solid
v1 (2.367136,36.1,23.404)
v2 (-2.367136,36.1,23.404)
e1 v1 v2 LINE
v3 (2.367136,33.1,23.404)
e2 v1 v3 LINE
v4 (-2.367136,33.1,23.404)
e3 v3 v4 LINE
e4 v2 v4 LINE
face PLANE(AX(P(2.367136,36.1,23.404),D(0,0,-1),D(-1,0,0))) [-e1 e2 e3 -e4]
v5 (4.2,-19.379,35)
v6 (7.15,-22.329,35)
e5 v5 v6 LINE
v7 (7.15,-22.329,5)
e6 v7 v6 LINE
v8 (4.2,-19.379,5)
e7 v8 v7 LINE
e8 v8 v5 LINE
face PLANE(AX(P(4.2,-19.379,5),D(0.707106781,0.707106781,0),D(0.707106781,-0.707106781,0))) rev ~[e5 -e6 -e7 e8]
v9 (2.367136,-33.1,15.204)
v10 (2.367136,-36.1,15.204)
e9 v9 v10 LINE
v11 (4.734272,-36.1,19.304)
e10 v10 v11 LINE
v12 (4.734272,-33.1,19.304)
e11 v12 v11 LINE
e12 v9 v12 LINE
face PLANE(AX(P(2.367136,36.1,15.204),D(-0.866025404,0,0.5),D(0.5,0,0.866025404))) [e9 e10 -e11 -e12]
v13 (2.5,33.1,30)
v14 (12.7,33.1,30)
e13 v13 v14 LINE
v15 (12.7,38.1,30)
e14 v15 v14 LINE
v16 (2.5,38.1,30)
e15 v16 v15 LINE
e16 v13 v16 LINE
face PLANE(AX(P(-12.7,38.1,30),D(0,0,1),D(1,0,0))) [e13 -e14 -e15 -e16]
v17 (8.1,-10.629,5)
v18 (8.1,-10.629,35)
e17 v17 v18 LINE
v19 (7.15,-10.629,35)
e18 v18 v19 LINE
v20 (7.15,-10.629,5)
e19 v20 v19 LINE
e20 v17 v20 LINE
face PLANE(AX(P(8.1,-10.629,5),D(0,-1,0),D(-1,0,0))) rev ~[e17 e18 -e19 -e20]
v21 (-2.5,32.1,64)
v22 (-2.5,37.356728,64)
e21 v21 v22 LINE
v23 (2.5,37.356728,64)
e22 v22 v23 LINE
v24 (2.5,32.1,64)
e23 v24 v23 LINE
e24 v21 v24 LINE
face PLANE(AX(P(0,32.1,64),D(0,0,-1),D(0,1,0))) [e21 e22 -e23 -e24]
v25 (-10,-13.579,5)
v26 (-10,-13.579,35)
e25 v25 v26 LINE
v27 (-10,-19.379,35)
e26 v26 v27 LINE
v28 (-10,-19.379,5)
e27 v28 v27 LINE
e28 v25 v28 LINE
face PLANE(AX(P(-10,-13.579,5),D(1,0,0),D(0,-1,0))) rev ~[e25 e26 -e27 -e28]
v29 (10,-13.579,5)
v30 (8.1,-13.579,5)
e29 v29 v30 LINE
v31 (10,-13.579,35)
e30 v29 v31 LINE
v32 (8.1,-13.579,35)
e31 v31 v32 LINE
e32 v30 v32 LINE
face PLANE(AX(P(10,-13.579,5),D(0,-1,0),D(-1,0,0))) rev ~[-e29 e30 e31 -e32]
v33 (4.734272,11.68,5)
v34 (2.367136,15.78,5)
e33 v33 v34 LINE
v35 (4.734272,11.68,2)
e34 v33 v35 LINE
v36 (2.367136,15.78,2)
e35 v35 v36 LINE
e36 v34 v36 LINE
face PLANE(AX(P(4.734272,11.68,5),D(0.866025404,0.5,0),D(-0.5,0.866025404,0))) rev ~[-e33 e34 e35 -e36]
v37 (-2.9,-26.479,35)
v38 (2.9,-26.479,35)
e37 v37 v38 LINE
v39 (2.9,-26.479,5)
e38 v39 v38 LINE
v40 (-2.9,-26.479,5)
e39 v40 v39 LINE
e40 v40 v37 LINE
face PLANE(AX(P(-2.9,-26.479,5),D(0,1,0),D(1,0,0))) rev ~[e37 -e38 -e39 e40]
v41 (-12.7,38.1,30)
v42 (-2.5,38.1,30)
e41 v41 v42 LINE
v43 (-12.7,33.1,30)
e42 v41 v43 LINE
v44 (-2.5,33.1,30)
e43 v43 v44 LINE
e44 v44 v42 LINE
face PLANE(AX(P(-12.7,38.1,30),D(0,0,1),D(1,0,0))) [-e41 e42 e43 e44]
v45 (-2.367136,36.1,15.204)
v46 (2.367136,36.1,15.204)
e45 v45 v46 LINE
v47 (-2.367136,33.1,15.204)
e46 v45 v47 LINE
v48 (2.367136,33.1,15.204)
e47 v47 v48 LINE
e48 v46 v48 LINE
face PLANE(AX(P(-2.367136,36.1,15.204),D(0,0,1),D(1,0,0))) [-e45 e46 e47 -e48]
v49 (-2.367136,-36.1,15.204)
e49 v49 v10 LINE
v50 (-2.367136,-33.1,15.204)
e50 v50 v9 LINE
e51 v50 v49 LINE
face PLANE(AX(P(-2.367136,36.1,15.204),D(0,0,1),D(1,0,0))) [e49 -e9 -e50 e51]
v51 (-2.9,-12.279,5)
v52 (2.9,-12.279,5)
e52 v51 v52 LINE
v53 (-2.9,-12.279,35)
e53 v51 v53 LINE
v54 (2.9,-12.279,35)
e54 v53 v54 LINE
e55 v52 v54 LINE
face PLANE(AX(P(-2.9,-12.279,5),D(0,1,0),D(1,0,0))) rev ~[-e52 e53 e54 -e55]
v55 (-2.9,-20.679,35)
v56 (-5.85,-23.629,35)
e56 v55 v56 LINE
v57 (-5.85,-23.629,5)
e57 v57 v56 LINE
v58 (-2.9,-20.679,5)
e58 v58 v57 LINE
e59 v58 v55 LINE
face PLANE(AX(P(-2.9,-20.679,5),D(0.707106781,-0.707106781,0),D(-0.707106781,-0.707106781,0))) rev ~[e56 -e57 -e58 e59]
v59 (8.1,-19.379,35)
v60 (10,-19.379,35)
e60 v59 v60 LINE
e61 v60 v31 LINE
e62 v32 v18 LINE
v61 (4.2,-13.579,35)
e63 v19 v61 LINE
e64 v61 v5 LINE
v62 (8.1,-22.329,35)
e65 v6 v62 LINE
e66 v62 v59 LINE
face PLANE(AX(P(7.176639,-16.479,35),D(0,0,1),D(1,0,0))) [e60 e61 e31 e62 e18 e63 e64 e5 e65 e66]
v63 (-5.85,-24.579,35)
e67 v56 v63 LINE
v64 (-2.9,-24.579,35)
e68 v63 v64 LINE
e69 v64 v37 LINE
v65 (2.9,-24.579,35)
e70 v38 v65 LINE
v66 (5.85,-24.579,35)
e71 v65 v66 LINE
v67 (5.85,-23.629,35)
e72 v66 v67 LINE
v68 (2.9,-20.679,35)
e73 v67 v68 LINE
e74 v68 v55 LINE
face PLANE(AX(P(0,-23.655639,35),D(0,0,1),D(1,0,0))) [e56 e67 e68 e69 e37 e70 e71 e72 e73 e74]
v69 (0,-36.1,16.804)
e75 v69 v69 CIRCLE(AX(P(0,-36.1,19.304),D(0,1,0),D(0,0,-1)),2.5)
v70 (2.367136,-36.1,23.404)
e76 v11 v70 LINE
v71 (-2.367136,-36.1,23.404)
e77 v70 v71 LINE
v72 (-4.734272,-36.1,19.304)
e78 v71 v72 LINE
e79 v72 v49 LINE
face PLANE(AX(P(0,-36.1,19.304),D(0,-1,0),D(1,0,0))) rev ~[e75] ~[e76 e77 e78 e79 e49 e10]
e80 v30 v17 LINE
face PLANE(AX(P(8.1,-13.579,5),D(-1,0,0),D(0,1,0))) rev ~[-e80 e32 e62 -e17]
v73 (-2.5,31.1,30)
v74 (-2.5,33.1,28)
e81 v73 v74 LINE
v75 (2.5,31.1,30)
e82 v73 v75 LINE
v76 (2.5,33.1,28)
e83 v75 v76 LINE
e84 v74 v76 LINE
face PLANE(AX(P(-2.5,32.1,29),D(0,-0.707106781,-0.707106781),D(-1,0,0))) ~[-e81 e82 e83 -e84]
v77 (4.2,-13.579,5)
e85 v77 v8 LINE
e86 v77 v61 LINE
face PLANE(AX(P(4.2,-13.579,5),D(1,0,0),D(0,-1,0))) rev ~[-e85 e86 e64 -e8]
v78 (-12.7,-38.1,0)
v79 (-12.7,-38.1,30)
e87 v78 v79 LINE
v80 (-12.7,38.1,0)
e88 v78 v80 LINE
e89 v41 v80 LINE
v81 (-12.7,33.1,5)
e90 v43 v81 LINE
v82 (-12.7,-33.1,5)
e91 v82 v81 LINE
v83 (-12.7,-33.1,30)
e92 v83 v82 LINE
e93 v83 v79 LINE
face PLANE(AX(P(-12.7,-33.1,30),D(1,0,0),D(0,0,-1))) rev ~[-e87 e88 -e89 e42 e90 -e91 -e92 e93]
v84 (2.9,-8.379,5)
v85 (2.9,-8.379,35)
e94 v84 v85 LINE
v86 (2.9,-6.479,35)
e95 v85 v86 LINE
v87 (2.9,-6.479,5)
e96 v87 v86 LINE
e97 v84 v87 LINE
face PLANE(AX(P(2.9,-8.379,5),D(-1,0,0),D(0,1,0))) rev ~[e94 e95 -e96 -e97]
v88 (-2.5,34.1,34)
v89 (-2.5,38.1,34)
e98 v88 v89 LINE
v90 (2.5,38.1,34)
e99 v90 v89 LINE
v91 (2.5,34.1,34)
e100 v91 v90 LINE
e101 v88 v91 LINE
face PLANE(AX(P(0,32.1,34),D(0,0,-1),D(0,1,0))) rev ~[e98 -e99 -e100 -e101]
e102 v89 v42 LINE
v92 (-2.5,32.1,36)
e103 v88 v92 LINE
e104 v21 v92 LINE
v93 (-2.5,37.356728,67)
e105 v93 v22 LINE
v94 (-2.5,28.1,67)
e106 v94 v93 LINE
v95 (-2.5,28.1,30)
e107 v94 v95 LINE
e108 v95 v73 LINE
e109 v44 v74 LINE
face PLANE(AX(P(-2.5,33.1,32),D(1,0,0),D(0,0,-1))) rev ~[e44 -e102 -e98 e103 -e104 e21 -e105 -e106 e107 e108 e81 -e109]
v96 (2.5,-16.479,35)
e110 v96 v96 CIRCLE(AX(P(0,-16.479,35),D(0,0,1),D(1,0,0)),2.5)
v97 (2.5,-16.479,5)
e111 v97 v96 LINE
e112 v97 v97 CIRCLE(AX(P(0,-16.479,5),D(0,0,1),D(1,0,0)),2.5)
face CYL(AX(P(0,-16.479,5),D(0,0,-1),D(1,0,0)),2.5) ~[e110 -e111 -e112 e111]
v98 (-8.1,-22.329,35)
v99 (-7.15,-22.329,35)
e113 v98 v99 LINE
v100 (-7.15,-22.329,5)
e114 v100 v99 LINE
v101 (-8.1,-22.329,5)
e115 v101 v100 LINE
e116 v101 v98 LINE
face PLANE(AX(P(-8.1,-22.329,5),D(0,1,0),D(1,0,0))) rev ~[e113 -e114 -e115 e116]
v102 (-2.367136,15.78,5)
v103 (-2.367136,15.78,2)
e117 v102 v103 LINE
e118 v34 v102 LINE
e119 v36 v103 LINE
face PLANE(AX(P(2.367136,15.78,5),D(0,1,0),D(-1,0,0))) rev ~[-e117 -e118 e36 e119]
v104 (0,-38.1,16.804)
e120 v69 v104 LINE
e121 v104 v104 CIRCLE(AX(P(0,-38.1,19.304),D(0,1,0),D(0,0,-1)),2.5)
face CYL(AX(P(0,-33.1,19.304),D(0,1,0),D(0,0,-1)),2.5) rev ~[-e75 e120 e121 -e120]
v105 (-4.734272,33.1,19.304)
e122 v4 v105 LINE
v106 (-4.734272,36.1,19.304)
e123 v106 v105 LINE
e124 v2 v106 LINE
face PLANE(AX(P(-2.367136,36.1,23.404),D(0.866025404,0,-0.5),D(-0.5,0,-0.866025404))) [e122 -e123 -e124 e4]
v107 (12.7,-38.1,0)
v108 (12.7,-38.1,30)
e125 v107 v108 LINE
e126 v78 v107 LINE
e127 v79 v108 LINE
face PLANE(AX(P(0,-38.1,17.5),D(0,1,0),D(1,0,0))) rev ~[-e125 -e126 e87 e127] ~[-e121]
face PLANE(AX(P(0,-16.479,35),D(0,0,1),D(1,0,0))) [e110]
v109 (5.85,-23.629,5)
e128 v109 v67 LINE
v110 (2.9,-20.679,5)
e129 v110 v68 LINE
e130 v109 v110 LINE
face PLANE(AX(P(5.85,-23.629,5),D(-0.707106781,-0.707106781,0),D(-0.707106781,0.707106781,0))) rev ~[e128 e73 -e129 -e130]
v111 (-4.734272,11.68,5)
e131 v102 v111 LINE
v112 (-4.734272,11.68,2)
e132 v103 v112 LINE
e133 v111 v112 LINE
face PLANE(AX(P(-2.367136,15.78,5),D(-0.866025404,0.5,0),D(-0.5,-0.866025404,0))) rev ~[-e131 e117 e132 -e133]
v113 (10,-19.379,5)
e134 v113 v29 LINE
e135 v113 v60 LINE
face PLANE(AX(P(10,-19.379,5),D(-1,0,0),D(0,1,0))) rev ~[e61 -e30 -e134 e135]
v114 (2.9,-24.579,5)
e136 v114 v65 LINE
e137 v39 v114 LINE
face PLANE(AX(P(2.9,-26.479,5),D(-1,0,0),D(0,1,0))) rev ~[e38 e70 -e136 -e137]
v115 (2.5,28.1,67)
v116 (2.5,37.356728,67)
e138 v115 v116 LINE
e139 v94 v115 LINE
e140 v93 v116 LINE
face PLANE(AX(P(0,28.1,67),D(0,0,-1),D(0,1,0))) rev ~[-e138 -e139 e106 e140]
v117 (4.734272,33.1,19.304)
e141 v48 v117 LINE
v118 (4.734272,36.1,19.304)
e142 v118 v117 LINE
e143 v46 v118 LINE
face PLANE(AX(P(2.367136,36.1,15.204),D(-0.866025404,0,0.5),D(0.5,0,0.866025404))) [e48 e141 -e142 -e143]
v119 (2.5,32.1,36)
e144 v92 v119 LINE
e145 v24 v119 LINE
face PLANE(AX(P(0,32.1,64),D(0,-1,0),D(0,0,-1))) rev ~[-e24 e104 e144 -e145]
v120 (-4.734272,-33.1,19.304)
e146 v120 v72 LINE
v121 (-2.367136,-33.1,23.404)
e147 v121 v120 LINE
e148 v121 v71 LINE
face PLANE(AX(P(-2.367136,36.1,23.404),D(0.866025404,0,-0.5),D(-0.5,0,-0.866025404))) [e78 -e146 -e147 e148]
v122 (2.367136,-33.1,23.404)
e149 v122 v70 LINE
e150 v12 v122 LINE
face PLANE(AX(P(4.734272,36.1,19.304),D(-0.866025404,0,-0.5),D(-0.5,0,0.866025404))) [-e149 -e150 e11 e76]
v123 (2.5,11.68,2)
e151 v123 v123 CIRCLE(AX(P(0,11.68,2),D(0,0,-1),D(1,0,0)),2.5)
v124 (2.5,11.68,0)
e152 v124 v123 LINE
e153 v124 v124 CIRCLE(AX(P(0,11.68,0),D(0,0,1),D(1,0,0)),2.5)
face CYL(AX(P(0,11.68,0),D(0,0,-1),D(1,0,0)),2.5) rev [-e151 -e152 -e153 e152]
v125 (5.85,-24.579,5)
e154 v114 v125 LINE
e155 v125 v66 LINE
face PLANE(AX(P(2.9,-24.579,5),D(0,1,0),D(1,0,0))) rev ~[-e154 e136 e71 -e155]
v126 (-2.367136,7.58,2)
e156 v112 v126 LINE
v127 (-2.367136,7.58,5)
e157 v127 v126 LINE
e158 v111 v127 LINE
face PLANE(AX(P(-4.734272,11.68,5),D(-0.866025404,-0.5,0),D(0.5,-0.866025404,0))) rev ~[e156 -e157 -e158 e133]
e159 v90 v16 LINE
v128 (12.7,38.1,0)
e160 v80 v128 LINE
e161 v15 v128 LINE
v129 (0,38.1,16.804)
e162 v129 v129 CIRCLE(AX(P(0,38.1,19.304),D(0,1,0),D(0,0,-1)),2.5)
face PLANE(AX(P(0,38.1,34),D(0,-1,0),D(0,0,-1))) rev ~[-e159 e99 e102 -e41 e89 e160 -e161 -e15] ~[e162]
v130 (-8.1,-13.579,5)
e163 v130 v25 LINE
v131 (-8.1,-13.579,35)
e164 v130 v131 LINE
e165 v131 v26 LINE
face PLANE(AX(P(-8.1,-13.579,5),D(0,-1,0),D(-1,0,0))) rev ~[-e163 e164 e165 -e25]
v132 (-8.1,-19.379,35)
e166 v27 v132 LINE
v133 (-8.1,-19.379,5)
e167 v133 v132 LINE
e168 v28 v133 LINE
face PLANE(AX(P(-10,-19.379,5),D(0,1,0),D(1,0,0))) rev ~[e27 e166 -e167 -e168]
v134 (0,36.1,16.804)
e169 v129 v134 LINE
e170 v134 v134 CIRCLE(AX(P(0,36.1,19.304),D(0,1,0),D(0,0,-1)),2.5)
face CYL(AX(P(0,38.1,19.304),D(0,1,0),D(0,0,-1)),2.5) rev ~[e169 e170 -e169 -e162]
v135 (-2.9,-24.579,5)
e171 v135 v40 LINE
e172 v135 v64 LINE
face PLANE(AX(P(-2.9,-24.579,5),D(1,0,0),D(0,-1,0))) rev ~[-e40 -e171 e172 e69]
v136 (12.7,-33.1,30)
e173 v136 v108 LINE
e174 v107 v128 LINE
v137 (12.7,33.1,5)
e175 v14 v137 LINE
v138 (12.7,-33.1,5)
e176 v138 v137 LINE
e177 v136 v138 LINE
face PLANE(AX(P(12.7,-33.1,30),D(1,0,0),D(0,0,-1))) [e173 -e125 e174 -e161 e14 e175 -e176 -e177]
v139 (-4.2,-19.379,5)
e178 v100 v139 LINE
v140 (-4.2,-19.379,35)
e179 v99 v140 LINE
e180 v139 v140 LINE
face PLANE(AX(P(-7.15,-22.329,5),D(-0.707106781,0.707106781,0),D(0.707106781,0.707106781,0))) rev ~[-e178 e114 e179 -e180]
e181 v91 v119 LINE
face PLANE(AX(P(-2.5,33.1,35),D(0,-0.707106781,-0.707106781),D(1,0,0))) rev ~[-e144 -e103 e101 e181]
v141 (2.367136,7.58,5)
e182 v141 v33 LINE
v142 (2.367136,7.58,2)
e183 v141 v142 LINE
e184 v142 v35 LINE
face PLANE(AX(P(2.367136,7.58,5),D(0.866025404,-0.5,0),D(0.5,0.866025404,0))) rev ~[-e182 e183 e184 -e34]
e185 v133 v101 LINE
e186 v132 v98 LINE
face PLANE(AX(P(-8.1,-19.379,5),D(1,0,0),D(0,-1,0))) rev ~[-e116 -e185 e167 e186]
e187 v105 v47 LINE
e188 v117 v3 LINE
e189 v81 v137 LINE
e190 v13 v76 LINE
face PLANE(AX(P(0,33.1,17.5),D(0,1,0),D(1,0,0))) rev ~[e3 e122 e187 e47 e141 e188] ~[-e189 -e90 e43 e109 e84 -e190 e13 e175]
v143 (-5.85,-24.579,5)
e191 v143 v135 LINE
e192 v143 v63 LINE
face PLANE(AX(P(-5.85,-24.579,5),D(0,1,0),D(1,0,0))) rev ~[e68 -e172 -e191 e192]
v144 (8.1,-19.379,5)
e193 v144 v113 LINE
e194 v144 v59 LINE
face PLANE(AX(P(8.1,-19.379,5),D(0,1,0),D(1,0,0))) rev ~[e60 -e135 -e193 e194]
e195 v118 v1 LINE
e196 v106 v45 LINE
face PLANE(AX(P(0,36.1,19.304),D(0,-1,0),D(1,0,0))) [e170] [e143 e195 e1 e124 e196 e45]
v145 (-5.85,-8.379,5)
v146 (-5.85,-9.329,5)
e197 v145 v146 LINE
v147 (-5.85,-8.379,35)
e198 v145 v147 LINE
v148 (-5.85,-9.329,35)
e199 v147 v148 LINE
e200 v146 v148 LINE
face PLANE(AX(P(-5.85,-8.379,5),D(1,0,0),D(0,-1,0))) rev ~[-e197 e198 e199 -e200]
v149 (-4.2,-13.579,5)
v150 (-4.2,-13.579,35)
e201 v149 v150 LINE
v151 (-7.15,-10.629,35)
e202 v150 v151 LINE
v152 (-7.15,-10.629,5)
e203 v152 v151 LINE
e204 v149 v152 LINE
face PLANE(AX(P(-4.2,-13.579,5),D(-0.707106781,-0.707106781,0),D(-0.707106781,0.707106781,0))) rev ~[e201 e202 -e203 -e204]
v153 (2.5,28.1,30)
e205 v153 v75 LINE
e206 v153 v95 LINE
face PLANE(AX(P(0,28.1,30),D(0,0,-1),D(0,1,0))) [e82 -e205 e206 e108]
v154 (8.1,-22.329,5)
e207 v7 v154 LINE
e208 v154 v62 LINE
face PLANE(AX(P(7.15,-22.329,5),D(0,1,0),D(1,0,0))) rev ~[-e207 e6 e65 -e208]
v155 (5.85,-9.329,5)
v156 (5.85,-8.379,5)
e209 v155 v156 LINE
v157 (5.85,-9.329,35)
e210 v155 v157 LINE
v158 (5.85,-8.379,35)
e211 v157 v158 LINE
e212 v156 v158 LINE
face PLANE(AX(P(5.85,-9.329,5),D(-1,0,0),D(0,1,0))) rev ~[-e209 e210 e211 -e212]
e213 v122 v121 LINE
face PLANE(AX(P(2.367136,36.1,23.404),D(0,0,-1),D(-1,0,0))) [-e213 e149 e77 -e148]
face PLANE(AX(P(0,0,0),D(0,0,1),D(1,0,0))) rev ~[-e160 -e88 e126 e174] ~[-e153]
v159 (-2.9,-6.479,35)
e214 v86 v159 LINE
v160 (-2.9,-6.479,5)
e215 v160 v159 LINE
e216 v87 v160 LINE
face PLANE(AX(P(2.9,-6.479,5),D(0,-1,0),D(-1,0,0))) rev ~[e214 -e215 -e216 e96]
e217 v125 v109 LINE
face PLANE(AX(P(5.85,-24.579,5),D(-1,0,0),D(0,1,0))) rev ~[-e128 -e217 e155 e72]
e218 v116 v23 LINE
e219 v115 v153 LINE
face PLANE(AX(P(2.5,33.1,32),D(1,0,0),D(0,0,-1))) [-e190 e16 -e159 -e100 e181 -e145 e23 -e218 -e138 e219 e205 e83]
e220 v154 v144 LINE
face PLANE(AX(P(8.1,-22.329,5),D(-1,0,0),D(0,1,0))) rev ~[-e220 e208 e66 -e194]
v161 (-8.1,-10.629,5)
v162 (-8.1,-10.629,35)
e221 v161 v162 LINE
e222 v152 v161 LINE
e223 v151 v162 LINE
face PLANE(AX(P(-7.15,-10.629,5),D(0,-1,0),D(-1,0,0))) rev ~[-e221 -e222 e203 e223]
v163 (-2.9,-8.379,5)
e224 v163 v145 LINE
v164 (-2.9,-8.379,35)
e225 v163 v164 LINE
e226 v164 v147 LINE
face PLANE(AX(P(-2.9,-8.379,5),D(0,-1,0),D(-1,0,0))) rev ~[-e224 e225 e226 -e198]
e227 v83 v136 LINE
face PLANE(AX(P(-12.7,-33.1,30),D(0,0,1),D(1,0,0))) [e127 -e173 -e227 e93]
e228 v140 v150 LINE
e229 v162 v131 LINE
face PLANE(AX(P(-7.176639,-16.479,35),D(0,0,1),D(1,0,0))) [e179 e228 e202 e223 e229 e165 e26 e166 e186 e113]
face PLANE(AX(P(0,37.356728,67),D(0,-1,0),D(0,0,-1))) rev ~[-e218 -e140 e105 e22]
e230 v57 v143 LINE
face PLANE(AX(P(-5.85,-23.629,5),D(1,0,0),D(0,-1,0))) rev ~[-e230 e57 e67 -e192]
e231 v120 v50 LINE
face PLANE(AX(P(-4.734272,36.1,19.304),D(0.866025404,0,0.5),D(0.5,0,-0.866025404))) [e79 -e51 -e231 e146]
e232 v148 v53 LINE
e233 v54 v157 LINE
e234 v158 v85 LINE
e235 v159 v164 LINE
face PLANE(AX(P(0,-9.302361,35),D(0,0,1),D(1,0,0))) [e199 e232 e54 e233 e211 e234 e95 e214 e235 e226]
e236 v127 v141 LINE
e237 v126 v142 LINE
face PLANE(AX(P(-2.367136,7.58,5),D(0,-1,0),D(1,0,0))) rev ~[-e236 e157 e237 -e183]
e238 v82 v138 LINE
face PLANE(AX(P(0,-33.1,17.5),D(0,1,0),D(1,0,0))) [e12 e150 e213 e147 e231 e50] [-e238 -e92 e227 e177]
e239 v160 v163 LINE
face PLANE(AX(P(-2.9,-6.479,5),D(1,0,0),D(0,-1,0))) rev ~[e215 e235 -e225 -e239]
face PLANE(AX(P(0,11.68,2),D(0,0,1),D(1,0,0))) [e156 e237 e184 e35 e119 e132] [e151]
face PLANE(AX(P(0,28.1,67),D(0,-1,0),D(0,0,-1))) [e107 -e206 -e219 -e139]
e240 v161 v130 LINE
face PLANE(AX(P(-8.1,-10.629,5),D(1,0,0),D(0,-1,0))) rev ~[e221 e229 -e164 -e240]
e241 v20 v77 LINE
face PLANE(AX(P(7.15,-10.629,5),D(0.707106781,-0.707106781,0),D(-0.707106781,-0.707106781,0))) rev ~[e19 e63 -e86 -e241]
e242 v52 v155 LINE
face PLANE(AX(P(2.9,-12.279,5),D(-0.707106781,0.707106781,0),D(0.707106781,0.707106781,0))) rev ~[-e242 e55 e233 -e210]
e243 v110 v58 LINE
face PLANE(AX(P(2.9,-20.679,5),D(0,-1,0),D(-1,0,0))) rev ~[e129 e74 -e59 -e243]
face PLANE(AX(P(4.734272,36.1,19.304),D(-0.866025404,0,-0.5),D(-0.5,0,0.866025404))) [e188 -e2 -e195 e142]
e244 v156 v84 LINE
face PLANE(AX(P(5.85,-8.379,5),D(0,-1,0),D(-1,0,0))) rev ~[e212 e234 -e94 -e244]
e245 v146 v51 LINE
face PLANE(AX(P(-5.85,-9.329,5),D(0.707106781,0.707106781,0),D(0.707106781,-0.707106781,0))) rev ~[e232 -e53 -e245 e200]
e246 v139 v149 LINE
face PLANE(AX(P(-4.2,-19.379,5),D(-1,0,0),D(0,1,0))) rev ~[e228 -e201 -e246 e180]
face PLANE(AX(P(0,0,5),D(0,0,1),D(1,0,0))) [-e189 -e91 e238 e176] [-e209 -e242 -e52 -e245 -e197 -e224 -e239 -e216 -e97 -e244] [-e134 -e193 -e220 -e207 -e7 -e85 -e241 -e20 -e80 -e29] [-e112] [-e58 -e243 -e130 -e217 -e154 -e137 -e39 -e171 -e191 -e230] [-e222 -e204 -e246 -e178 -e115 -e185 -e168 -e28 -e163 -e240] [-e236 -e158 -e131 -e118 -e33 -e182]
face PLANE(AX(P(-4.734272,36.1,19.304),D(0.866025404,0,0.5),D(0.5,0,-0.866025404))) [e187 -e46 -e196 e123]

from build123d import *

# Parameters (mm, degrees)
SKETCH1_W           = 25.4
SKETCH1_H           = 76.2
SKETCH1_R           = 2.5
BOSS_EXTRUDE1_DEPTH = 5
BOSS_EXTRUDE2_START = 38.1
SKETCH3_W           = 25.4
SKETCH3_H           = 25
SKETCH3_R           = 2.5
BOSS_EXTRUDE2_DEPTH = 5
BOSS_EXTRUDE3_START = -33.1
SKETCH3_5_W         = 25.4
SKETCH3_5_H         = 25
SKETCH3_5_R         = 2.5
BOSS_EXTRUDE3_DEPTH = 5
CUT_EXTRUDE1_START  = -3
CUT_EXTRUDE1_DEPTH  = 72.2
SKETCH5_R           = 2.5
BOSS_EXTRUDE4_DEPTH = 30
CUT_EXTRUDE2_DEPTH  = 3
SKETCH7_W           = 4
SKETCH7_H           = 10
SKETCH7_W_2         = 30
SKETCH7_H_2         = 4
SKETCH7_W_3         = 3
SKETCH7_H_3         = 9.256727868
BOSS_EXTRUDE5_DEPTH = 2.5
CHAMFER1_SIZE       = 2


with BuildPart() as part:
    # Sketch1 → Boss-Extrude1 (new body)
    with BuildSketch(Plane.XY):
        Rectangle(SKETCH1_W, SKETCH1_H)
        with Locations((0, 11.68)):
            Circle(SKETCH1_R, mode=Mode.SUBTRACT)
    extrude(amount=BOSS_EXTRUDE1_DEPTH)

    # Sketch3 → Boss-Extrude2 (add)
    with BuildSketch(Plane(origin=(0, 0, 0), x_dir=(1, 0, 0), z_dir=(0, 1, 0)).offset(BOSS_EXTRUDE2_START)):
        with Locations((0, -17.5)):
            Rectangle(SKETCH3_W, SKETCH3_H)
        with Locations(Location((0, -19.304, 0), (0, 0, 90))):
            Circle(SKETCH3_R, mode=Mode.SUBTRACT)
    extrude(amount=-BOSS_EXTRUDE2_DEPTH)

    # Sketch3<5> → Boss-Extrude3 (add)
    with BuildSketch(Plane(origin=(0, 0, 0), x_dir=(1, 0, 0), z_dir=(0, 1, 0)).offset(BOSS_EXTRUDE3_START)):
        with Locations((0, -17.5)):
            Rectangle(SKETCH3_5_W, SKETCH3_5_H)
        with Locations(Location((0, -19.304, 0), (0, 0, 90))):
            Circle(SKETCH3_5_R, mode=Mode.SUBTRACT)
    extrude(amount=-BOSS_EXTRUDE3_DEPTH)

    # Sketch4 → Cut-Extrude1 (cut)
    with BuildSketch(Plane.XZ.offset(-33.1).offset(CUT_EXTRUDE1_START)):
        Polygon((2.367136104, 15.204), (4.734272207, 19.304), (2.367136104, 23.404), (-2.367136104, 23.404), (-4.734272207, 19.304), (-2.367136104, 15.204), align=None)
    extrude(amount=CUT_EXTRUDE1_DEPTH, mode=Mode.SUBTRACT)

    # Sketch5 → Boss-Extrude4 (add)
    with BuildSketch(Plane.XY.offset(5)):
        with Locations((0, -16.479)):
            Circle(SKETCH5_R)
        Polygon((-2.9, -12.279), (2.9, -12.279), (5.85, -9.329), (5.85, -8.379), (2.9, -8.379), (2.9, -6.479), (-2.9, -6.479), (-2.9, -8.379), (-5.85, -8.379), (-5.85, -9.329), align=None)
        Polygon((4.2, -13.579), (4.2, -19.379), (7.15, -22.329), (8.1, -22.329), (8.1, -19.379), (10, -19.379), (10, -13.579), (8.1, -13.579), (8.1, -10.629), (7.15, -10.629), align=None)
        Polygon((2.9, -20.679), (-2.9, -20.679), (-5.85, -23.629), (-5.85, -24.579), (-2.9, -24.579), (-2.9, -26.479), (2.9, -26.479), (2.9, -24.579), (5.85, -24.579), (5.85, -23.629), align=None)
        Polygon((-4.2, -19.379), (-4.2, -13.579), (-7.15, -10.629), (-8.1, -10.629), (-8.1, -13.579), (-10, -13.579), (-10, -19.379), (-8.1, -19.379), (-8.1, -22.329), (-7.15, -22.329), align=None)
    extrude(amount=BOSS_EXTRUDE4_DEPTH)

    # Sketch6 → Cut-Extrude2 (cut)
    with BuildSketch(Plane.XY.offset(5)):
        Polygon((2.367136104, 7.58), (4.734272207, 11.68), (2.367136104, 15.78), (-2.367136104, 15.78), (-4.734272207, 11.68), (-2.367136104, 7.58), align=None)
    extrude(amount=-CUT_EXTRUDE2_DEPTH, mode=Mode.SUBTRACT)

    # Sketch7 → Boss-Extrude5 (add, symmetric)
    with BuildSketch(Plane(origin=(0, 0, 0), x_dir=(0, 0, -1), z_dir=(1, 0, 0))):
        with Locations((-32, 33.1)):
            Rectangle(SKETCH7_W, SKETCH7_H)
        with Locations((-49, 30.1)):
            Rectangle(SKETCH7_W_2, SKETCH7_H_2)
        with Locations((-65.5, 32.728363934)):
            Rectangle(SKETCH7_W_3, SKETCH7_H_3)
    extrude(amount=BOSS_EXTRUDE5_DEPTH, both=True)

    # Chamfer1
    chamfer1_edges = [part.edges().sort_by_distance(p)[0] for p in [
        (0, 33.1, 30),
        (0, 32.1, 34),
    ]]
    chamfer(chamfer1_edges, length=CHAMFER1_SIZE)


solid = part.part
